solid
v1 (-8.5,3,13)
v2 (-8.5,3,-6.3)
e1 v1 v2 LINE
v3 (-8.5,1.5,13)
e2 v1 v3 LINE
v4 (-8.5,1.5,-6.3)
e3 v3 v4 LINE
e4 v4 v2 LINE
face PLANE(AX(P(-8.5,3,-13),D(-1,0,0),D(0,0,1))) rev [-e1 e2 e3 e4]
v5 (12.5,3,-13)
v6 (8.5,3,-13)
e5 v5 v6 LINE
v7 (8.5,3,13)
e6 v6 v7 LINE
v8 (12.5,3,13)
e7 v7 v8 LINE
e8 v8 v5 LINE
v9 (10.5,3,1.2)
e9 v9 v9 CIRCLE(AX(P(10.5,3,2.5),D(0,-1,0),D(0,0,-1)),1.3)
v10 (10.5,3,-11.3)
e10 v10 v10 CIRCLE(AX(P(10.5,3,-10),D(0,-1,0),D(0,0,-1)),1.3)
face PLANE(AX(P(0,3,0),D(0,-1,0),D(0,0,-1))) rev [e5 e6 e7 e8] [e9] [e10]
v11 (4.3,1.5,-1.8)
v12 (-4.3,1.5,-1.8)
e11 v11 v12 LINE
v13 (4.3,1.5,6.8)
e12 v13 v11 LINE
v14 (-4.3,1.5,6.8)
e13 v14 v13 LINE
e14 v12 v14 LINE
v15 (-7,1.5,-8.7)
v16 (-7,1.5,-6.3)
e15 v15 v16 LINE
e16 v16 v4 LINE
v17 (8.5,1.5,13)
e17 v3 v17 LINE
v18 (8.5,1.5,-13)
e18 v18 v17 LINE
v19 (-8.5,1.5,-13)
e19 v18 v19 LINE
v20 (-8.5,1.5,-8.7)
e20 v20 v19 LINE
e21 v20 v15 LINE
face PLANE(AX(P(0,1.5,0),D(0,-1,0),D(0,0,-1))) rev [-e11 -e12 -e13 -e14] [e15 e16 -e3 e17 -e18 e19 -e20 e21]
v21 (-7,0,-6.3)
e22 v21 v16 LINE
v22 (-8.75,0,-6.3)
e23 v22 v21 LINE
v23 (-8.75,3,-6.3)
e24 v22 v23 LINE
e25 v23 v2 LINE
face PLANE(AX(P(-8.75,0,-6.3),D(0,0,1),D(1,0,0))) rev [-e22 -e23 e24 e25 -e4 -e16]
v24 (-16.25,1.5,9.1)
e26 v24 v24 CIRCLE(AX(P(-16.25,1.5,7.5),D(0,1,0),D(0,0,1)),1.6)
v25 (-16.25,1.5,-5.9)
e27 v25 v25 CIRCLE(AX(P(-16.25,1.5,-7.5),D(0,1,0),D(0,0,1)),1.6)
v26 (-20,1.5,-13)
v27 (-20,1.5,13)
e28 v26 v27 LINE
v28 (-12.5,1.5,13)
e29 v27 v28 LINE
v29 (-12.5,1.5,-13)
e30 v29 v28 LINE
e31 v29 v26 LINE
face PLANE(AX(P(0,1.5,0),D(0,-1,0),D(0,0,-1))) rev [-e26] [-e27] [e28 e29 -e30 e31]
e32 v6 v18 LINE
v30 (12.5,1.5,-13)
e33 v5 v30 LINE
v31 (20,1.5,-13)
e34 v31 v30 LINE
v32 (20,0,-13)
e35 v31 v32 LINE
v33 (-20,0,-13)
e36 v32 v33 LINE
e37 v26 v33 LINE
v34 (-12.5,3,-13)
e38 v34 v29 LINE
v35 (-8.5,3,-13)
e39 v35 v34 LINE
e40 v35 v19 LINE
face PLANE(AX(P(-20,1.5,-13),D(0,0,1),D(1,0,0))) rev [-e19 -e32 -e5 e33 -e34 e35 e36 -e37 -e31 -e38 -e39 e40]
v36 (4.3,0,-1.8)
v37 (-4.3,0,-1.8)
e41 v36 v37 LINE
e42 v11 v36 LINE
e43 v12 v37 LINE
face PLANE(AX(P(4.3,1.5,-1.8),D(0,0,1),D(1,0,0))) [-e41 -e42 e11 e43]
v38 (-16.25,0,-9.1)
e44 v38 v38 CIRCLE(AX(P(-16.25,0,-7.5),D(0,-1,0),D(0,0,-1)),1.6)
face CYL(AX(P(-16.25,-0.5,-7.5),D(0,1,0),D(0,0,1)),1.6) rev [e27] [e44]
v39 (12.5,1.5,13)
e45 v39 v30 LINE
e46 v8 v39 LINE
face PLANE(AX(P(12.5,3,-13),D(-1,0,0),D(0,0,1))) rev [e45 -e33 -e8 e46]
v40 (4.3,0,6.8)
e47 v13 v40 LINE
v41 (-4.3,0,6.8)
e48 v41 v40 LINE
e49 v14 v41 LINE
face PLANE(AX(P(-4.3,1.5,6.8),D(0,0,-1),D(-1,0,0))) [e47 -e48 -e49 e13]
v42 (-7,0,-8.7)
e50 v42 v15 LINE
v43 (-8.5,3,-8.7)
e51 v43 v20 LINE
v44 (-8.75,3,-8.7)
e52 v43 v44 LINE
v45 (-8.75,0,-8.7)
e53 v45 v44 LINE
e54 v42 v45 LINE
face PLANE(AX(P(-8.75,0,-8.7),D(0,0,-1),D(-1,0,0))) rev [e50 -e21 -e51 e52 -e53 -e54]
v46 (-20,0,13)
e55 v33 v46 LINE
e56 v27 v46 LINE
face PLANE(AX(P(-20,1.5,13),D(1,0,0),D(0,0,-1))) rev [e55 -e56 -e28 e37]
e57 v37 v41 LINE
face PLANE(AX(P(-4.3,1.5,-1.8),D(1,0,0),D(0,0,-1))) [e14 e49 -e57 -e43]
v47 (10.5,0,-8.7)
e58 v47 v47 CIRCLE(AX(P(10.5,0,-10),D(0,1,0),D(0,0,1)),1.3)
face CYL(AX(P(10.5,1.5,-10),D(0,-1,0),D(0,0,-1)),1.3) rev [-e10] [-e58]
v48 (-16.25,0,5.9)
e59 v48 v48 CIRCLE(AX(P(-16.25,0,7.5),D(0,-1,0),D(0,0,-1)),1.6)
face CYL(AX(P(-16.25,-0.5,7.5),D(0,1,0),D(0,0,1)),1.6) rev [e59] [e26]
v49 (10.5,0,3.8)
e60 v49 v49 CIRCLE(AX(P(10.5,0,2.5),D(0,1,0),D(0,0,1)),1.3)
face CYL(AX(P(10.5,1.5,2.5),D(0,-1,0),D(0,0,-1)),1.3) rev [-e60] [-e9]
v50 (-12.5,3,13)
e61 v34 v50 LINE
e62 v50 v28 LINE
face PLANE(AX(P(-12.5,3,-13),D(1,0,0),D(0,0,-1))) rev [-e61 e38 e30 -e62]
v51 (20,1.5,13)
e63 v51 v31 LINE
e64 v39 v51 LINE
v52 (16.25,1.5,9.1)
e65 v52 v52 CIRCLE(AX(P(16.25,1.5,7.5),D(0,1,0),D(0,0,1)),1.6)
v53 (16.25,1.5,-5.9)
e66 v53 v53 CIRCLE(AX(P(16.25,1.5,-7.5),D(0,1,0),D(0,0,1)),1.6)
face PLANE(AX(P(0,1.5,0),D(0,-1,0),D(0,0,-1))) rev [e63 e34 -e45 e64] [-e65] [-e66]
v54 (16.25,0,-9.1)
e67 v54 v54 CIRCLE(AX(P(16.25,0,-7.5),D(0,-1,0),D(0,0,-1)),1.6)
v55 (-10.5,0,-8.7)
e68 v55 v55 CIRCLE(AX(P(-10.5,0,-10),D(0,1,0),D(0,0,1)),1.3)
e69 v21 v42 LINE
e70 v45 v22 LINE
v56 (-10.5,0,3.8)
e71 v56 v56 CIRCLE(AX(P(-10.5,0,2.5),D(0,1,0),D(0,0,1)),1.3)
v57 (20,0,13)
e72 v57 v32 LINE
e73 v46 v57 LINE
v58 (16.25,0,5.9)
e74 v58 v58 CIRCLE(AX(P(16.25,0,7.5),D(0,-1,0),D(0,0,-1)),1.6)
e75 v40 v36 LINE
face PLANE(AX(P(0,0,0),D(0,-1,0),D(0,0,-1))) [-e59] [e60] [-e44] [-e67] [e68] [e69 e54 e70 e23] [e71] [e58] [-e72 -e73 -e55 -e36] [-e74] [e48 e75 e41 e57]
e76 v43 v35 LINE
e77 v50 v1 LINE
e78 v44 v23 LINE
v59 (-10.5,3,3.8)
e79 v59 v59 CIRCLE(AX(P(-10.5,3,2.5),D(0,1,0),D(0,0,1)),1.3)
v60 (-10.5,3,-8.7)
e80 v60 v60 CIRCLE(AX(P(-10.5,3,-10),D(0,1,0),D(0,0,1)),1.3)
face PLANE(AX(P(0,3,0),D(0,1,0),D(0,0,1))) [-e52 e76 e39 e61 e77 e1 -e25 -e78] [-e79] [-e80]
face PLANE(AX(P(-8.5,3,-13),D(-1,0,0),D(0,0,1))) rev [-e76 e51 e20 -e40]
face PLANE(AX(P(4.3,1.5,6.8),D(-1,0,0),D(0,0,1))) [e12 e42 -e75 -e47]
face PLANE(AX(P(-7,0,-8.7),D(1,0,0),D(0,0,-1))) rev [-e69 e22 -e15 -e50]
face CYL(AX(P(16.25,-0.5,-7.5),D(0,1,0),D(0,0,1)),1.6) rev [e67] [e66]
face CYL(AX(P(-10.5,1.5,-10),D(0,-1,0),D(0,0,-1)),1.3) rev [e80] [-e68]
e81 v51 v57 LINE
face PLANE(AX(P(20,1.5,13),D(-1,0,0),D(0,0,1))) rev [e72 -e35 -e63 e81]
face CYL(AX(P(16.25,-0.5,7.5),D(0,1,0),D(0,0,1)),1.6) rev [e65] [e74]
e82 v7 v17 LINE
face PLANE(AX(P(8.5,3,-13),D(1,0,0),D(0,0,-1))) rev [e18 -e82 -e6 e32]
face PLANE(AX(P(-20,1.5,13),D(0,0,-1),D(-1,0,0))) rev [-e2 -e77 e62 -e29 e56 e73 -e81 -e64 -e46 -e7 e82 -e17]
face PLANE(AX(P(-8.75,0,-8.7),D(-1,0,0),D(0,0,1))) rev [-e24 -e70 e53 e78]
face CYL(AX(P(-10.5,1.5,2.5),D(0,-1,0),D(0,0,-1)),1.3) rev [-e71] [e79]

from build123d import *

# Parameters (mm, degrees)
SKETCH2_W               = 40
SKETCH2_H               = 26
SKETCH2_R               = 1.3
SKETCH2_W_2             = 8.6
SKETCH2_H_2             = 8.6
BOSS_EXTRUDE1_DEPTH     = 1.5
SKETCH3_W               = 4
SKETCH3_H               = 26
BOSS_EXTRUDE2_DEPTH     = 1.5
SKETCH5_R               = 1.3
CUT_EXTRUDE1_DEPTH      = 25.04163056
CUT_EXTRUDE3_DEPTH      = 24.900836805
CUT_EXTRUDE3_DEPTH_BACK = 24.900836805
SKETCH6_W               = 1.75
SKETCH6_H               = 2.4
SKETCH7_R               = 1.6
CUT_EXTRUDE4_DEPTH      = 2


with BuildPart() as part:
    # Sketch2 → Boss-Extrude1 (new body)
    with BuildSketch(Plane(origin=(0, 0, 0), x_dir=(1, 0, 0), z_dir=(0, 1, 0))):
        Rectangle(SKETCH2_W, SKETCH2_H)
        with Locations(Location((-10.5, -2.5, 0), (0, 0, 270))):
            Circle(SKETCH2_R, mode=Mode.SUBTRACT)
        with Locations(Location((-10.5, 10, 0), (0, 0, 270))):
            Circle(SKETCH2_R, mode=Mode.SUBTRACT)
        with Locations(Location((10.5, 10, 0), (0, 0, 270))):
            Circle(SKETCH2_R, mode=Mode.SUBTRACT)
        with Locations(Location((10.5, -2.5, 0), (0, 0, 270))):
            Circle(SKETCH2_R, mode=Mode.SUBTRACT)
        with Locations((0, -2.5)):
            Rectangle(SKETCH2_W_2, SKETCH2_H_2, mode=Mode.SUBTRACT)
    extrude(amount=BOSS_EXTRUDE1_DEPTH)

    # Sketch3 → Boss-Extrude2 (add)
    with BuildSketch(Plane(origin=(0, 1.5, 0), x_dir=(1, 0, 0), z_dir=(0, 1, 0))):
        with Locations((-10.5, 0)):
            Rectangle(SKETCH3_W, SKETCH3_H)
        with Locations((10.5, 0)):
            Rectangle(SKETCH3_W, SKETCH3_H)
    extrude(amount=BOSS_EXTRUDE2_DEPTH)

    # Sketch5 → Cut-Extrude1 (cut, through all)
    with BuildSketch(Plane.XZ):
        with Locations(Location((-10.5, 2.5, 0), (0, 0, 90))):
            Circle(SKETCH5_R)
        with Locations(Location((10.5, -10, 0), (0, 0, 270))):
            Circle(SKETCH5_R)
        with Locations(Location((10.5, 2.5, 0), (0, 0, 270))):
            Circle(SKETCH5_R)
        with Locations(Location((-10.5, -10, 0), (0, 0, 90))):
            Circle(SKETCH5_R)
    extrude(amount=-CUT_EXTRUDE1_DEPTH, mode=Mode.SUBTRACT)

    # Sketch6 → Cut-Extrude3 (cut, two sides: drawn at the far end of the back side and taken through both)
    with BuildSketch(Plane(origin=(0, 1.5, 0), x_dir=(1, 0, 0), z_dir=(0, 1, 0)).offset(-CUT_EXTRUDE3_DEPTH_BACK)):
        with Locations((-7.875, 7.5)):
            Rectangle(SKETCH6_W, SKETCH6_H)
    extrude(amount=CUT_EXTRUDE3_DEPTH + CUT_EXTRUDE3_DEPTH_BACK, mode=Mode.SUBTRACT)

    # Sketch7 → Cut-Extrude4 (cut)
    with BuildSketch(Plane(origin=(0, 1.5, 0), x_dir=(1, 0, 0), z_dir=(0, 1, 0))):
        with Locations(Location((16.25, 7.5, 0), (0, 0, 270))):
            Circle(SKETCH7_R)
        with Locations(Location((16.25, -7.5, 0), (0, 0, 270))):
            Circle(SKETCH7_R)
        with Locations(Location((-16.25, -7.5, 0), (0, 0, 270))):
            Circle(SKETCH7_R)
        with Locations(Location((-16.25, 7.5, 0), (0, 0, 270))):
            Circle(SKETCH7_R)
    extrude(amount=-CUT_EXTRUDE4_DEPTH, mode=Mode.SUBTRACT)


solid = part.part
